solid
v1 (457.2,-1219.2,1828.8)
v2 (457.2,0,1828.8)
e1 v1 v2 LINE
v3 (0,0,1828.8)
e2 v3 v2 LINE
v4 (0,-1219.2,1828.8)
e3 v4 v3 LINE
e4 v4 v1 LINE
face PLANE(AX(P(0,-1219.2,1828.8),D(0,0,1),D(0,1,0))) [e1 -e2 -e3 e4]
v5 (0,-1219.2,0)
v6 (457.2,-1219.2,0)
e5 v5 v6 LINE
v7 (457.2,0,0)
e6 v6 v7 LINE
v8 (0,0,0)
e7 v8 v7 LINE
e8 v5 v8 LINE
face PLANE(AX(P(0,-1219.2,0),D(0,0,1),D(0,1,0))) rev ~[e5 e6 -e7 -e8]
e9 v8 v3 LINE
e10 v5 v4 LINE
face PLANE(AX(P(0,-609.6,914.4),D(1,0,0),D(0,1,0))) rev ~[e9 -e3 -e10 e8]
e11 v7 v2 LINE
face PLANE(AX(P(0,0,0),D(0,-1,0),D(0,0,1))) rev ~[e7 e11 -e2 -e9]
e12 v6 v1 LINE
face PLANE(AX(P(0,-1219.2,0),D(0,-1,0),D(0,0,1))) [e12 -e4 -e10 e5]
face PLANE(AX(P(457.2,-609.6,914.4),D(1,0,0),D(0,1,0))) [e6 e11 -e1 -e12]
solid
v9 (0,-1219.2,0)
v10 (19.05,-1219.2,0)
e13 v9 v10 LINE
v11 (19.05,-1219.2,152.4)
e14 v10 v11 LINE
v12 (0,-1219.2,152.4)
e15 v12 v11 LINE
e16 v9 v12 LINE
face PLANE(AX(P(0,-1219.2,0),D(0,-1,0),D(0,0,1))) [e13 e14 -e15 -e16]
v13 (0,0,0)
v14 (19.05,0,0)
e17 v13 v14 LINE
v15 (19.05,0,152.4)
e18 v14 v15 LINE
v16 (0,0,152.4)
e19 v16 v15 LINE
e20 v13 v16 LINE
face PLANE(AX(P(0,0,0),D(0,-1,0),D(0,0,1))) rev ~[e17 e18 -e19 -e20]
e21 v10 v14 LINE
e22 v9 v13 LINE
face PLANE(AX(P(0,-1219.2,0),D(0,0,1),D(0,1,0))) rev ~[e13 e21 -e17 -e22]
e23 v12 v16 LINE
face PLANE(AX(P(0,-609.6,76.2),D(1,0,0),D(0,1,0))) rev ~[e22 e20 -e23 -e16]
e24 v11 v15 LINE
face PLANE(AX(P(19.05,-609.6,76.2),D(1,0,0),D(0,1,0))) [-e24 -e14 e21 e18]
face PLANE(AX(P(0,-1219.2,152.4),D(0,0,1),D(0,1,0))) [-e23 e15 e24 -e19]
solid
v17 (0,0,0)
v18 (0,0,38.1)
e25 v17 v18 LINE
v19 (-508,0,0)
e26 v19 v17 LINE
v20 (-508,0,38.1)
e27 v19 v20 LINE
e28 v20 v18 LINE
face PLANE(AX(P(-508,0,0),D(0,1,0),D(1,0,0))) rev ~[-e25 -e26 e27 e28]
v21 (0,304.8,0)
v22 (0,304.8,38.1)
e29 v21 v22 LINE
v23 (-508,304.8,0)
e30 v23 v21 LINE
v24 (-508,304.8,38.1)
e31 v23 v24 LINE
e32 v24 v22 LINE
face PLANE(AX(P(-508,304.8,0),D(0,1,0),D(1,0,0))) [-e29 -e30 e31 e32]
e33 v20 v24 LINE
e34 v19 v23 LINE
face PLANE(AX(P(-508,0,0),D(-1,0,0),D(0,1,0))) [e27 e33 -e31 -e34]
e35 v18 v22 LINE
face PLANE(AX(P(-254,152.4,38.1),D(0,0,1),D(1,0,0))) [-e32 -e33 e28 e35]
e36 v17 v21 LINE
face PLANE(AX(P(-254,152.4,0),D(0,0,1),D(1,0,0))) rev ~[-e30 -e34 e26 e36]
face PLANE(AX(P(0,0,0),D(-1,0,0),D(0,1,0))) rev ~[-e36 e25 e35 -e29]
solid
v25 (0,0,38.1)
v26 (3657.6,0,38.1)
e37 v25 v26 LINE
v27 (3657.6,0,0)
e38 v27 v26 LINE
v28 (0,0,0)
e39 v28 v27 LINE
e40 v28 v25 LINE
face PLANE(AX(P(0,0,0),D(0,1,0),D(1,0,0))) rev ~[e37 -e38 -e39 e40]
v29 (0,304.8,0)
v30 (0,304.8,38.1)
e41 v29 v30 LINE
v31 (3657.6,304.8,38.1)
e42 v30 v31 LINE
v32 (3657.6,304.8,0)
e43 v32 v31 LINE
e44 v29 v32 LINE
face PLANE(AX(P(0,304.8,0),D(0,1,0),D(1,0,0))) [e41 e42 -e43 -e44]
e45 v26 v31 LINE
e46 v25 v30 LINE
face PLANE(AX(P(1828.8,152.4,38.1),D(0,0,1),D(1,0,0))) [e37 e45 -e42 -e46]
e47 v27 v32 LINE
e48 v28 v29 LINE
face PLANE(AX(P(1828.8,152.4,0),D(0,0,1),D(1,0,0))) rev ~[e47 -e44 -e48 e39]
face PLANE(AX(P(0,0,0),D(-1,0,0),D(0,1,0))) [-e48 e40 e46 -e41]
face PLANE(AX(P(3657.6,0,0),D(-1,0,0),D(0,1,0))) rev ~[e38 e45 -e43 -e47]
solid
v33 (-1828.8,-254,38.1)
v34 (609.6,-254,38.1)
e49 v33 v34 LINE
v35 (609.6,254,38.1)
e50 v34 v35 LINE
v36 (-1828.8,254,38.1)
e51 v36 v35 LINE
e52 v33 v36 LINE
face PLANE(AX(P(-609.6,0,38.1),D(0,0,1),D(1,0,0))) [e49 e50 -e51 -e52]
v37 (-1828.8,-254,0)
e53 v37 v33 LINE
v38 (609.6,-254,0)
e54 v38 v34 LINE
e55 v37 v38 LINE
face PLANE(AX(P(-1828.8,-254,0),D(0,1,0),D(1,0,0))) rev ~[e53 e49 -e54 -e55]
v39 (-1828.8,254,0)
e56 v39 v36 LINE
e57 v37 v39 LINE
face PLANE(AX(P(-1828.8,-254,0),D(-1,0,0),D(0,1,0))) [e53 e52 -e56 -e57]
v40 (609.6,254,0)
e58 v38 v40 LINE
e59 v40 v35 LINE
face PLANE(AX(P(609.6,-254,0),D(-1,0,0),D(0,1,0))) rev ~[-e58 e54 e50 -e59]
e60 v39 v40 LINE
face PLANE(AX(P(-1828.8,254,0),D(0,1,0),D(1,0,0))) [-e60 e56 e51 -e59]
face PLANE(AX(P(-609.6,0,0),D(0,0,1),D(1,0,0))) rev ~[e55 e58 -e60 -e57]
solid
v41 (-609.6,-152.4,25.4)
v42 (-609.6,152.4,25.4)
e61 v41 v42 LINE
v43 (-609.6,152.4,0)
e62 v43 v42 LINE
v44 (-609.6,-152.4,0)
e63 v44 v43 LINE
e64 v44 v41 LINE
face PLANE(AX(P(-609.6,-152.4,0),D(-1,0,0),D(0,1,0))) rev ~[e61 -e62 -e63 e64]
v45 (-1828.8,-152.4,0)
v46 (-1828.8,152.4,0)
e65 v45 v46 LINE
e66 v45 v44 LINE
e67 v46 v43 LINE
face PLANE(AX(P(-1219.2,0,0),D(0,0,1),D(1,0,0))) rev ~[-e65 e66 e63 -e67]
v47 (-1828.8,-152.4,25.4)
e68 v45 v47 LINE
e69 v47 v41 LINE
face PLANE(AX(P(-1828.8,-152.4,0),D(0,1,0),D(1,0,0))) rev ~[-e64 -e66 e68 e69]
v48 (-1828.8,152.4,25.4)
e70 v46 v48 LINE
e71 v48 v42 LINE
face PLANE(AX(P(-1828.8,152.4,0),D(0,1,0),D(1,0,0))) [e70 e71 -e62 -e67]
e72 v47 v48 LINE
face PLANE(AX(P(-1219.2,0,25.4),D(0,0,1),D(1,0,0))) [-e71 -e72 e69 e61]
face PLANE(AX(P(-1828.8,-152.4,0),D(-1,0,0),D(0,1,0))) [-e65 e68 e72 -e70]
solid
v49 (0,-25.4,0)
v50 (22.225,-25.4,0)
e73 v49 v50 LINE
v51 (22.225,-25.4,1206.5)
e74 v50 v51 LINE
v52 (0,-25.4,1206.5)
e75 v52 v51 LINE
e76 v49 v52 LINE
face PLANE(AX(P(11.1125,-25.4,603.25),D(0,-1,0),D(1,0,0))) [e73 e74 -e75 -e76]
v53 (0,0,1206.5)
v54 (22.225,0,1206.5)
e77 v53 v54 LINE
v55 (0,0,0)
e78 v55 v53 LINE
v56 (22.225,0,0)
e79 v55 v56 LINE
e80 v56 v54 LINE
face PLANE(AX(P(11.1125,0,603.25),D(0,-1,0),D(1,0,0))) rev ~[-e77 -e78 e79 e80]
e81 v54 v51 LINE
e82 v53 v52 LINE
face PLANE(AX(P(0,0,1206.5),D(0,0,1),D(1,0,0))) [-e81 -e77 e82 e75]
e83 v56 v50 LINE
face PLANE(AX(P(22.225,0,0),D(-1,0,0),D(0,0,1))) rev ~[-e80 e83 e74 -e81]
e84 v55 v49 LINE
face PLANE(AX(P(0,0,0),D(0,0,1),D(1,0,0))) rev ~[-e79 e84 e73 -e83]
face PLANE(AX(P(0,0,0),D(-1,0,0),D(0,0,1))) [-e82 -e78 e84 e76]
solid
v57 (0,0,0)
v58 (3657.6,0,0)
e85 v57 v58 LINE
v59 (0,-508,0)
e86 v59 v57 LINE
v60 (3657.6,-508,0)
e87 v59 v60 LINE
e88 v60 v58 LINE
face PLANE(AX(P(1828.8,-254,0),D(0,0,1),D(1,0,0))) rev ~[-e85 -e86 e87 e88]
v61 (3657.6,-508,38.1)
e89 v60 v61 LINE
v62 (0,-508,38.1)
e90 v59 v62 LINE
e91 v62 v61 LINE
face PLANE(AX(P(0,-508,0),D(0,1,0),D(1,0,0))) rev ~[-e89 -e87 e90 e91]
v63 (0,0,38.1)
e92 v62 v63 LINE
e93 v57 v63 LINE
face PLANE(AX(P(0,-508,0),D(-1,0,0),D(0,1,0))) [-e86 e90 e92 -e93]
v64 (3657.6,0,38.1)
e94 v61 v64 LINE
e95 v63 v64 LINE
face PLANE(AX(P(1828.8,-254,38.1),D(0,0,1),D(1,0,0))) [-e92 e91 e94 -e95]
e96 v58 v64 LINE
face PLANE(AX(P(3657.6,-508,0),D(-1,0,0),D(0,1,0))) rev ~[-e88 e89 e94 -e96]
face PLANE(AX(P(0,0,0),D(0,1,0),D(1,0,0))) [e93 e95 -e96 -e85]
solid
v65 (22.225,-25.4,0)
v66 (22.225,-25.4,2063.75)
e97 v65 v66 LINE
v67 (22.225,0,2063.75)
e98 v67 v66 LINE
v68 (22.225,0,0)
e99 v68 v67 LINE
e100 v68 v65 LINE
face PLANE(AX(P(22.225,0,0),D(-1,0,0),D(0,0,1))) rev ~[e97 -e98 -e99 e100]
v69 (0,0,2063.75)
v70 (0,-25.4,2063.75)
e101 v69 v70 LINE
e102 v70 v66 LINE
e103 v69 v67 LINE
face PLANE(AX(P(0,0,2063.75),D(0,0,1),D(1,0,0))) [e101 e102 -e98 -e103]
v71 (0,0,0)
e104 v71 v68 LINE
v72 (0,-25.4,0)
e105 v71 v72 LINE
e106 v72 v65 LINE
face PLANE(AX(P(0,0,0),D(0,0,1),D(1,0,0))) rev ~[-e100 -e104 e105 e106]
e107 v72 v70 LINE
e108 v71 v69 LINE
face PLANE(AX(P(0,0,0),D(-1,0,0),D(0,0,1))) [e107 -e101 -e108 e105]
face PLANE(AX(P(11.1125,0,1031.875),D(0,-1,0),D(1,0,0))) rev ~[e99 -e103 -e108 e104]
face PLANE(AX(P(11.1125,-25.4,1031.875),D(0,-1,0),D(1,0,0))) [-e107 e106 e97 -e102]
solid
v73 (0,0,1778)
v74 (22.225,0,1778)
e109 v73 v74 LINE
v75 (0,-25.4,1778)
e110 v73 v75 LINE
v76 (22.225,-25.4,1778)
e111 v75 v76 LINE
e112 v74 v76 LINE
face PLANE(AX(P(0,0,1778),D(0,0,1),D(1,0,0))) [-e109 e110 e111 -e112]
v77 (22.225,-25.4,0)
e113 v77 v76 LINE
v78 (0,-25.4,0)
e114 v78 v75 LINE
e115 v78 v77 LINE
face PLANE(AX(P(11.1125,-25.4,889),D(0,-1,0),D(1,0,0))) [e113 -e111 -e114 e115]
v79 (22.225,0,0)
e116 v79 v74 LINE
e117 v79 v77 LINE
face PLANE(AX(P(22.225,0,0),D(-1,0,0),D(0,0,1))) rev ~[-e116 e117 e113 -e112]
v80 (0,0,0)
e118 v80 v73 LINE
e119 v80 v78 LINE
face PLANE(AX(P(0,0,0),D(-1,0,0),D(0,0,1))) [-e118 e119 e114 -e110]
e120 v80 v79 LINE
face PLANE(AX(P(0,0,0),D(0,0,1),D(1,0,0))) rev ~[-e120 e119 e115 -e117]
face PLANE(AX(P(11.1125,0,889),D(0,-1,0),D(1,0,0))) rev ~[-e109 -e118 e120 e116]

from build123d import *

# Parameters (mm, degrees)
F0_W      = 22.225
F0_H      = 1778
F1_DEPTH  = 25.4
F2_W      = 22.225
F2_H      = 1206.5
F3_DEPTH  = 25.4
F4_W      = 22.225
F4_H      = 2063.75
F5_DEPTH  = 25.4
F6_W      = 3657.6
F6_H      = 508
F7_DEPTH  = 38.1
F8_W      = 3657.6
F8_H      = 304.8
F9_DEPTH  = 38.1
F10_W     = 2438.4
F10_H     = 508
F11_DEPTH = 38.1
F12_W     = 1219.2
F12_H     = 304.8
F13_DEPTH = 25.4
F14_W     = 1219.2
F14_H     = 152.4
F15_DEPTH = 19.05
F16_W     = 1219.2
F16_H     = 1828.8
F17_DEPTH = 457.2
F18_W     = 508
F18_H     = 304.8
F19_DEPTH = 38.1


with BuildPart() as f1:
    # F0 (on Front) → F1 (new body)
    with BuildSketch(Plane.XZ):
        with Locations((11.1125, 889)):
            Rectangle(F0_W, F0_H)
    extrude(amount=F1_DEPTH)


with BuildPart() as f3:
    # F2 (on Front) → F3 (new body)
    with BuildSketch(Plane.XZ):
        with Locations((11.1125, 603.25)):
            Rectangle(F2_W, F2_H)
    extrude(amount=F3_DEPTH)


with BuildPart() as f5:
    # F4 (on Front) → F5 (new body)
    with BuildSketch(Plane.XZ):
        with Locations((11.1125, 1031.875)):
            Rectangle(F4_W, F4_H)
    extrude(amount=F5_DEPTH)


with BuildPart() as f7:
    # F6 (on Top) → F7 (new body)
    with BuildSketch(Plane.XY):
        with Locations((1828.8, -254)):
            Rectangle(F6_W, F6_H)
    extrude(amount=F7_DEPTH)


with BuildPart() as f9:
    # F8 (on Top) → F9 (new body)
    with BuildSketch(Plane.XY):
        with Locations((1828.8, 152.4)):
            Rectangle(F8_W, F8_H)
    extrude(amount=F9_DEPTH)


with BuildPart() as f11:
    # F10 (on Top) → F11 (new body)
    with BuildSketch(Plane.XY):
        with Locations((-609.6, 0)):
            Rectangle(F10_W, F10_H)
    extrude(amount=F11_DEPTH)


with BuildPart() as f13:
    # F12 (on Top) → F13 (new body)
    with BuildSketch(Plane.XY):
        with Locations((-1219.2, 0)):
            Rectangle(F12_W, F12_H)
    extrude(amount=F13_DEPTH)


with BuildPart() as f15:
    # F14 (on Right) → F15 (new body)
    with BuildSketch(Plane.YZ):
        with Locations((-609.6, 76.2)):
            Rectangle(F14_W, F14_H)
    extrude(amount=F15_DEPTH)


with BuildPart() as f17:
    # F16 (on Right) → F17 (new body)
    with BuildSketch(Plane.YZ):
        with Locations((-609.6, 914.4)):
            Rectangle(F16_W, F16_H)
    extrude(amount=F17_DEPTH)


with BuildPart() as f19:
    # F18 (on Top) → F19 (new body)
    with BuildSketch(Plane.XY):
        with Locations((-254, 152.4)):
            Rectangle(F18_W, F18_H)
    extrude(amount=F19_DEPTH)


solid = Compound([f1.part, f3.part, f5.part, f7.part, f9.part, f11.part, f13.part, f15.part, f17.part, f19.part])
